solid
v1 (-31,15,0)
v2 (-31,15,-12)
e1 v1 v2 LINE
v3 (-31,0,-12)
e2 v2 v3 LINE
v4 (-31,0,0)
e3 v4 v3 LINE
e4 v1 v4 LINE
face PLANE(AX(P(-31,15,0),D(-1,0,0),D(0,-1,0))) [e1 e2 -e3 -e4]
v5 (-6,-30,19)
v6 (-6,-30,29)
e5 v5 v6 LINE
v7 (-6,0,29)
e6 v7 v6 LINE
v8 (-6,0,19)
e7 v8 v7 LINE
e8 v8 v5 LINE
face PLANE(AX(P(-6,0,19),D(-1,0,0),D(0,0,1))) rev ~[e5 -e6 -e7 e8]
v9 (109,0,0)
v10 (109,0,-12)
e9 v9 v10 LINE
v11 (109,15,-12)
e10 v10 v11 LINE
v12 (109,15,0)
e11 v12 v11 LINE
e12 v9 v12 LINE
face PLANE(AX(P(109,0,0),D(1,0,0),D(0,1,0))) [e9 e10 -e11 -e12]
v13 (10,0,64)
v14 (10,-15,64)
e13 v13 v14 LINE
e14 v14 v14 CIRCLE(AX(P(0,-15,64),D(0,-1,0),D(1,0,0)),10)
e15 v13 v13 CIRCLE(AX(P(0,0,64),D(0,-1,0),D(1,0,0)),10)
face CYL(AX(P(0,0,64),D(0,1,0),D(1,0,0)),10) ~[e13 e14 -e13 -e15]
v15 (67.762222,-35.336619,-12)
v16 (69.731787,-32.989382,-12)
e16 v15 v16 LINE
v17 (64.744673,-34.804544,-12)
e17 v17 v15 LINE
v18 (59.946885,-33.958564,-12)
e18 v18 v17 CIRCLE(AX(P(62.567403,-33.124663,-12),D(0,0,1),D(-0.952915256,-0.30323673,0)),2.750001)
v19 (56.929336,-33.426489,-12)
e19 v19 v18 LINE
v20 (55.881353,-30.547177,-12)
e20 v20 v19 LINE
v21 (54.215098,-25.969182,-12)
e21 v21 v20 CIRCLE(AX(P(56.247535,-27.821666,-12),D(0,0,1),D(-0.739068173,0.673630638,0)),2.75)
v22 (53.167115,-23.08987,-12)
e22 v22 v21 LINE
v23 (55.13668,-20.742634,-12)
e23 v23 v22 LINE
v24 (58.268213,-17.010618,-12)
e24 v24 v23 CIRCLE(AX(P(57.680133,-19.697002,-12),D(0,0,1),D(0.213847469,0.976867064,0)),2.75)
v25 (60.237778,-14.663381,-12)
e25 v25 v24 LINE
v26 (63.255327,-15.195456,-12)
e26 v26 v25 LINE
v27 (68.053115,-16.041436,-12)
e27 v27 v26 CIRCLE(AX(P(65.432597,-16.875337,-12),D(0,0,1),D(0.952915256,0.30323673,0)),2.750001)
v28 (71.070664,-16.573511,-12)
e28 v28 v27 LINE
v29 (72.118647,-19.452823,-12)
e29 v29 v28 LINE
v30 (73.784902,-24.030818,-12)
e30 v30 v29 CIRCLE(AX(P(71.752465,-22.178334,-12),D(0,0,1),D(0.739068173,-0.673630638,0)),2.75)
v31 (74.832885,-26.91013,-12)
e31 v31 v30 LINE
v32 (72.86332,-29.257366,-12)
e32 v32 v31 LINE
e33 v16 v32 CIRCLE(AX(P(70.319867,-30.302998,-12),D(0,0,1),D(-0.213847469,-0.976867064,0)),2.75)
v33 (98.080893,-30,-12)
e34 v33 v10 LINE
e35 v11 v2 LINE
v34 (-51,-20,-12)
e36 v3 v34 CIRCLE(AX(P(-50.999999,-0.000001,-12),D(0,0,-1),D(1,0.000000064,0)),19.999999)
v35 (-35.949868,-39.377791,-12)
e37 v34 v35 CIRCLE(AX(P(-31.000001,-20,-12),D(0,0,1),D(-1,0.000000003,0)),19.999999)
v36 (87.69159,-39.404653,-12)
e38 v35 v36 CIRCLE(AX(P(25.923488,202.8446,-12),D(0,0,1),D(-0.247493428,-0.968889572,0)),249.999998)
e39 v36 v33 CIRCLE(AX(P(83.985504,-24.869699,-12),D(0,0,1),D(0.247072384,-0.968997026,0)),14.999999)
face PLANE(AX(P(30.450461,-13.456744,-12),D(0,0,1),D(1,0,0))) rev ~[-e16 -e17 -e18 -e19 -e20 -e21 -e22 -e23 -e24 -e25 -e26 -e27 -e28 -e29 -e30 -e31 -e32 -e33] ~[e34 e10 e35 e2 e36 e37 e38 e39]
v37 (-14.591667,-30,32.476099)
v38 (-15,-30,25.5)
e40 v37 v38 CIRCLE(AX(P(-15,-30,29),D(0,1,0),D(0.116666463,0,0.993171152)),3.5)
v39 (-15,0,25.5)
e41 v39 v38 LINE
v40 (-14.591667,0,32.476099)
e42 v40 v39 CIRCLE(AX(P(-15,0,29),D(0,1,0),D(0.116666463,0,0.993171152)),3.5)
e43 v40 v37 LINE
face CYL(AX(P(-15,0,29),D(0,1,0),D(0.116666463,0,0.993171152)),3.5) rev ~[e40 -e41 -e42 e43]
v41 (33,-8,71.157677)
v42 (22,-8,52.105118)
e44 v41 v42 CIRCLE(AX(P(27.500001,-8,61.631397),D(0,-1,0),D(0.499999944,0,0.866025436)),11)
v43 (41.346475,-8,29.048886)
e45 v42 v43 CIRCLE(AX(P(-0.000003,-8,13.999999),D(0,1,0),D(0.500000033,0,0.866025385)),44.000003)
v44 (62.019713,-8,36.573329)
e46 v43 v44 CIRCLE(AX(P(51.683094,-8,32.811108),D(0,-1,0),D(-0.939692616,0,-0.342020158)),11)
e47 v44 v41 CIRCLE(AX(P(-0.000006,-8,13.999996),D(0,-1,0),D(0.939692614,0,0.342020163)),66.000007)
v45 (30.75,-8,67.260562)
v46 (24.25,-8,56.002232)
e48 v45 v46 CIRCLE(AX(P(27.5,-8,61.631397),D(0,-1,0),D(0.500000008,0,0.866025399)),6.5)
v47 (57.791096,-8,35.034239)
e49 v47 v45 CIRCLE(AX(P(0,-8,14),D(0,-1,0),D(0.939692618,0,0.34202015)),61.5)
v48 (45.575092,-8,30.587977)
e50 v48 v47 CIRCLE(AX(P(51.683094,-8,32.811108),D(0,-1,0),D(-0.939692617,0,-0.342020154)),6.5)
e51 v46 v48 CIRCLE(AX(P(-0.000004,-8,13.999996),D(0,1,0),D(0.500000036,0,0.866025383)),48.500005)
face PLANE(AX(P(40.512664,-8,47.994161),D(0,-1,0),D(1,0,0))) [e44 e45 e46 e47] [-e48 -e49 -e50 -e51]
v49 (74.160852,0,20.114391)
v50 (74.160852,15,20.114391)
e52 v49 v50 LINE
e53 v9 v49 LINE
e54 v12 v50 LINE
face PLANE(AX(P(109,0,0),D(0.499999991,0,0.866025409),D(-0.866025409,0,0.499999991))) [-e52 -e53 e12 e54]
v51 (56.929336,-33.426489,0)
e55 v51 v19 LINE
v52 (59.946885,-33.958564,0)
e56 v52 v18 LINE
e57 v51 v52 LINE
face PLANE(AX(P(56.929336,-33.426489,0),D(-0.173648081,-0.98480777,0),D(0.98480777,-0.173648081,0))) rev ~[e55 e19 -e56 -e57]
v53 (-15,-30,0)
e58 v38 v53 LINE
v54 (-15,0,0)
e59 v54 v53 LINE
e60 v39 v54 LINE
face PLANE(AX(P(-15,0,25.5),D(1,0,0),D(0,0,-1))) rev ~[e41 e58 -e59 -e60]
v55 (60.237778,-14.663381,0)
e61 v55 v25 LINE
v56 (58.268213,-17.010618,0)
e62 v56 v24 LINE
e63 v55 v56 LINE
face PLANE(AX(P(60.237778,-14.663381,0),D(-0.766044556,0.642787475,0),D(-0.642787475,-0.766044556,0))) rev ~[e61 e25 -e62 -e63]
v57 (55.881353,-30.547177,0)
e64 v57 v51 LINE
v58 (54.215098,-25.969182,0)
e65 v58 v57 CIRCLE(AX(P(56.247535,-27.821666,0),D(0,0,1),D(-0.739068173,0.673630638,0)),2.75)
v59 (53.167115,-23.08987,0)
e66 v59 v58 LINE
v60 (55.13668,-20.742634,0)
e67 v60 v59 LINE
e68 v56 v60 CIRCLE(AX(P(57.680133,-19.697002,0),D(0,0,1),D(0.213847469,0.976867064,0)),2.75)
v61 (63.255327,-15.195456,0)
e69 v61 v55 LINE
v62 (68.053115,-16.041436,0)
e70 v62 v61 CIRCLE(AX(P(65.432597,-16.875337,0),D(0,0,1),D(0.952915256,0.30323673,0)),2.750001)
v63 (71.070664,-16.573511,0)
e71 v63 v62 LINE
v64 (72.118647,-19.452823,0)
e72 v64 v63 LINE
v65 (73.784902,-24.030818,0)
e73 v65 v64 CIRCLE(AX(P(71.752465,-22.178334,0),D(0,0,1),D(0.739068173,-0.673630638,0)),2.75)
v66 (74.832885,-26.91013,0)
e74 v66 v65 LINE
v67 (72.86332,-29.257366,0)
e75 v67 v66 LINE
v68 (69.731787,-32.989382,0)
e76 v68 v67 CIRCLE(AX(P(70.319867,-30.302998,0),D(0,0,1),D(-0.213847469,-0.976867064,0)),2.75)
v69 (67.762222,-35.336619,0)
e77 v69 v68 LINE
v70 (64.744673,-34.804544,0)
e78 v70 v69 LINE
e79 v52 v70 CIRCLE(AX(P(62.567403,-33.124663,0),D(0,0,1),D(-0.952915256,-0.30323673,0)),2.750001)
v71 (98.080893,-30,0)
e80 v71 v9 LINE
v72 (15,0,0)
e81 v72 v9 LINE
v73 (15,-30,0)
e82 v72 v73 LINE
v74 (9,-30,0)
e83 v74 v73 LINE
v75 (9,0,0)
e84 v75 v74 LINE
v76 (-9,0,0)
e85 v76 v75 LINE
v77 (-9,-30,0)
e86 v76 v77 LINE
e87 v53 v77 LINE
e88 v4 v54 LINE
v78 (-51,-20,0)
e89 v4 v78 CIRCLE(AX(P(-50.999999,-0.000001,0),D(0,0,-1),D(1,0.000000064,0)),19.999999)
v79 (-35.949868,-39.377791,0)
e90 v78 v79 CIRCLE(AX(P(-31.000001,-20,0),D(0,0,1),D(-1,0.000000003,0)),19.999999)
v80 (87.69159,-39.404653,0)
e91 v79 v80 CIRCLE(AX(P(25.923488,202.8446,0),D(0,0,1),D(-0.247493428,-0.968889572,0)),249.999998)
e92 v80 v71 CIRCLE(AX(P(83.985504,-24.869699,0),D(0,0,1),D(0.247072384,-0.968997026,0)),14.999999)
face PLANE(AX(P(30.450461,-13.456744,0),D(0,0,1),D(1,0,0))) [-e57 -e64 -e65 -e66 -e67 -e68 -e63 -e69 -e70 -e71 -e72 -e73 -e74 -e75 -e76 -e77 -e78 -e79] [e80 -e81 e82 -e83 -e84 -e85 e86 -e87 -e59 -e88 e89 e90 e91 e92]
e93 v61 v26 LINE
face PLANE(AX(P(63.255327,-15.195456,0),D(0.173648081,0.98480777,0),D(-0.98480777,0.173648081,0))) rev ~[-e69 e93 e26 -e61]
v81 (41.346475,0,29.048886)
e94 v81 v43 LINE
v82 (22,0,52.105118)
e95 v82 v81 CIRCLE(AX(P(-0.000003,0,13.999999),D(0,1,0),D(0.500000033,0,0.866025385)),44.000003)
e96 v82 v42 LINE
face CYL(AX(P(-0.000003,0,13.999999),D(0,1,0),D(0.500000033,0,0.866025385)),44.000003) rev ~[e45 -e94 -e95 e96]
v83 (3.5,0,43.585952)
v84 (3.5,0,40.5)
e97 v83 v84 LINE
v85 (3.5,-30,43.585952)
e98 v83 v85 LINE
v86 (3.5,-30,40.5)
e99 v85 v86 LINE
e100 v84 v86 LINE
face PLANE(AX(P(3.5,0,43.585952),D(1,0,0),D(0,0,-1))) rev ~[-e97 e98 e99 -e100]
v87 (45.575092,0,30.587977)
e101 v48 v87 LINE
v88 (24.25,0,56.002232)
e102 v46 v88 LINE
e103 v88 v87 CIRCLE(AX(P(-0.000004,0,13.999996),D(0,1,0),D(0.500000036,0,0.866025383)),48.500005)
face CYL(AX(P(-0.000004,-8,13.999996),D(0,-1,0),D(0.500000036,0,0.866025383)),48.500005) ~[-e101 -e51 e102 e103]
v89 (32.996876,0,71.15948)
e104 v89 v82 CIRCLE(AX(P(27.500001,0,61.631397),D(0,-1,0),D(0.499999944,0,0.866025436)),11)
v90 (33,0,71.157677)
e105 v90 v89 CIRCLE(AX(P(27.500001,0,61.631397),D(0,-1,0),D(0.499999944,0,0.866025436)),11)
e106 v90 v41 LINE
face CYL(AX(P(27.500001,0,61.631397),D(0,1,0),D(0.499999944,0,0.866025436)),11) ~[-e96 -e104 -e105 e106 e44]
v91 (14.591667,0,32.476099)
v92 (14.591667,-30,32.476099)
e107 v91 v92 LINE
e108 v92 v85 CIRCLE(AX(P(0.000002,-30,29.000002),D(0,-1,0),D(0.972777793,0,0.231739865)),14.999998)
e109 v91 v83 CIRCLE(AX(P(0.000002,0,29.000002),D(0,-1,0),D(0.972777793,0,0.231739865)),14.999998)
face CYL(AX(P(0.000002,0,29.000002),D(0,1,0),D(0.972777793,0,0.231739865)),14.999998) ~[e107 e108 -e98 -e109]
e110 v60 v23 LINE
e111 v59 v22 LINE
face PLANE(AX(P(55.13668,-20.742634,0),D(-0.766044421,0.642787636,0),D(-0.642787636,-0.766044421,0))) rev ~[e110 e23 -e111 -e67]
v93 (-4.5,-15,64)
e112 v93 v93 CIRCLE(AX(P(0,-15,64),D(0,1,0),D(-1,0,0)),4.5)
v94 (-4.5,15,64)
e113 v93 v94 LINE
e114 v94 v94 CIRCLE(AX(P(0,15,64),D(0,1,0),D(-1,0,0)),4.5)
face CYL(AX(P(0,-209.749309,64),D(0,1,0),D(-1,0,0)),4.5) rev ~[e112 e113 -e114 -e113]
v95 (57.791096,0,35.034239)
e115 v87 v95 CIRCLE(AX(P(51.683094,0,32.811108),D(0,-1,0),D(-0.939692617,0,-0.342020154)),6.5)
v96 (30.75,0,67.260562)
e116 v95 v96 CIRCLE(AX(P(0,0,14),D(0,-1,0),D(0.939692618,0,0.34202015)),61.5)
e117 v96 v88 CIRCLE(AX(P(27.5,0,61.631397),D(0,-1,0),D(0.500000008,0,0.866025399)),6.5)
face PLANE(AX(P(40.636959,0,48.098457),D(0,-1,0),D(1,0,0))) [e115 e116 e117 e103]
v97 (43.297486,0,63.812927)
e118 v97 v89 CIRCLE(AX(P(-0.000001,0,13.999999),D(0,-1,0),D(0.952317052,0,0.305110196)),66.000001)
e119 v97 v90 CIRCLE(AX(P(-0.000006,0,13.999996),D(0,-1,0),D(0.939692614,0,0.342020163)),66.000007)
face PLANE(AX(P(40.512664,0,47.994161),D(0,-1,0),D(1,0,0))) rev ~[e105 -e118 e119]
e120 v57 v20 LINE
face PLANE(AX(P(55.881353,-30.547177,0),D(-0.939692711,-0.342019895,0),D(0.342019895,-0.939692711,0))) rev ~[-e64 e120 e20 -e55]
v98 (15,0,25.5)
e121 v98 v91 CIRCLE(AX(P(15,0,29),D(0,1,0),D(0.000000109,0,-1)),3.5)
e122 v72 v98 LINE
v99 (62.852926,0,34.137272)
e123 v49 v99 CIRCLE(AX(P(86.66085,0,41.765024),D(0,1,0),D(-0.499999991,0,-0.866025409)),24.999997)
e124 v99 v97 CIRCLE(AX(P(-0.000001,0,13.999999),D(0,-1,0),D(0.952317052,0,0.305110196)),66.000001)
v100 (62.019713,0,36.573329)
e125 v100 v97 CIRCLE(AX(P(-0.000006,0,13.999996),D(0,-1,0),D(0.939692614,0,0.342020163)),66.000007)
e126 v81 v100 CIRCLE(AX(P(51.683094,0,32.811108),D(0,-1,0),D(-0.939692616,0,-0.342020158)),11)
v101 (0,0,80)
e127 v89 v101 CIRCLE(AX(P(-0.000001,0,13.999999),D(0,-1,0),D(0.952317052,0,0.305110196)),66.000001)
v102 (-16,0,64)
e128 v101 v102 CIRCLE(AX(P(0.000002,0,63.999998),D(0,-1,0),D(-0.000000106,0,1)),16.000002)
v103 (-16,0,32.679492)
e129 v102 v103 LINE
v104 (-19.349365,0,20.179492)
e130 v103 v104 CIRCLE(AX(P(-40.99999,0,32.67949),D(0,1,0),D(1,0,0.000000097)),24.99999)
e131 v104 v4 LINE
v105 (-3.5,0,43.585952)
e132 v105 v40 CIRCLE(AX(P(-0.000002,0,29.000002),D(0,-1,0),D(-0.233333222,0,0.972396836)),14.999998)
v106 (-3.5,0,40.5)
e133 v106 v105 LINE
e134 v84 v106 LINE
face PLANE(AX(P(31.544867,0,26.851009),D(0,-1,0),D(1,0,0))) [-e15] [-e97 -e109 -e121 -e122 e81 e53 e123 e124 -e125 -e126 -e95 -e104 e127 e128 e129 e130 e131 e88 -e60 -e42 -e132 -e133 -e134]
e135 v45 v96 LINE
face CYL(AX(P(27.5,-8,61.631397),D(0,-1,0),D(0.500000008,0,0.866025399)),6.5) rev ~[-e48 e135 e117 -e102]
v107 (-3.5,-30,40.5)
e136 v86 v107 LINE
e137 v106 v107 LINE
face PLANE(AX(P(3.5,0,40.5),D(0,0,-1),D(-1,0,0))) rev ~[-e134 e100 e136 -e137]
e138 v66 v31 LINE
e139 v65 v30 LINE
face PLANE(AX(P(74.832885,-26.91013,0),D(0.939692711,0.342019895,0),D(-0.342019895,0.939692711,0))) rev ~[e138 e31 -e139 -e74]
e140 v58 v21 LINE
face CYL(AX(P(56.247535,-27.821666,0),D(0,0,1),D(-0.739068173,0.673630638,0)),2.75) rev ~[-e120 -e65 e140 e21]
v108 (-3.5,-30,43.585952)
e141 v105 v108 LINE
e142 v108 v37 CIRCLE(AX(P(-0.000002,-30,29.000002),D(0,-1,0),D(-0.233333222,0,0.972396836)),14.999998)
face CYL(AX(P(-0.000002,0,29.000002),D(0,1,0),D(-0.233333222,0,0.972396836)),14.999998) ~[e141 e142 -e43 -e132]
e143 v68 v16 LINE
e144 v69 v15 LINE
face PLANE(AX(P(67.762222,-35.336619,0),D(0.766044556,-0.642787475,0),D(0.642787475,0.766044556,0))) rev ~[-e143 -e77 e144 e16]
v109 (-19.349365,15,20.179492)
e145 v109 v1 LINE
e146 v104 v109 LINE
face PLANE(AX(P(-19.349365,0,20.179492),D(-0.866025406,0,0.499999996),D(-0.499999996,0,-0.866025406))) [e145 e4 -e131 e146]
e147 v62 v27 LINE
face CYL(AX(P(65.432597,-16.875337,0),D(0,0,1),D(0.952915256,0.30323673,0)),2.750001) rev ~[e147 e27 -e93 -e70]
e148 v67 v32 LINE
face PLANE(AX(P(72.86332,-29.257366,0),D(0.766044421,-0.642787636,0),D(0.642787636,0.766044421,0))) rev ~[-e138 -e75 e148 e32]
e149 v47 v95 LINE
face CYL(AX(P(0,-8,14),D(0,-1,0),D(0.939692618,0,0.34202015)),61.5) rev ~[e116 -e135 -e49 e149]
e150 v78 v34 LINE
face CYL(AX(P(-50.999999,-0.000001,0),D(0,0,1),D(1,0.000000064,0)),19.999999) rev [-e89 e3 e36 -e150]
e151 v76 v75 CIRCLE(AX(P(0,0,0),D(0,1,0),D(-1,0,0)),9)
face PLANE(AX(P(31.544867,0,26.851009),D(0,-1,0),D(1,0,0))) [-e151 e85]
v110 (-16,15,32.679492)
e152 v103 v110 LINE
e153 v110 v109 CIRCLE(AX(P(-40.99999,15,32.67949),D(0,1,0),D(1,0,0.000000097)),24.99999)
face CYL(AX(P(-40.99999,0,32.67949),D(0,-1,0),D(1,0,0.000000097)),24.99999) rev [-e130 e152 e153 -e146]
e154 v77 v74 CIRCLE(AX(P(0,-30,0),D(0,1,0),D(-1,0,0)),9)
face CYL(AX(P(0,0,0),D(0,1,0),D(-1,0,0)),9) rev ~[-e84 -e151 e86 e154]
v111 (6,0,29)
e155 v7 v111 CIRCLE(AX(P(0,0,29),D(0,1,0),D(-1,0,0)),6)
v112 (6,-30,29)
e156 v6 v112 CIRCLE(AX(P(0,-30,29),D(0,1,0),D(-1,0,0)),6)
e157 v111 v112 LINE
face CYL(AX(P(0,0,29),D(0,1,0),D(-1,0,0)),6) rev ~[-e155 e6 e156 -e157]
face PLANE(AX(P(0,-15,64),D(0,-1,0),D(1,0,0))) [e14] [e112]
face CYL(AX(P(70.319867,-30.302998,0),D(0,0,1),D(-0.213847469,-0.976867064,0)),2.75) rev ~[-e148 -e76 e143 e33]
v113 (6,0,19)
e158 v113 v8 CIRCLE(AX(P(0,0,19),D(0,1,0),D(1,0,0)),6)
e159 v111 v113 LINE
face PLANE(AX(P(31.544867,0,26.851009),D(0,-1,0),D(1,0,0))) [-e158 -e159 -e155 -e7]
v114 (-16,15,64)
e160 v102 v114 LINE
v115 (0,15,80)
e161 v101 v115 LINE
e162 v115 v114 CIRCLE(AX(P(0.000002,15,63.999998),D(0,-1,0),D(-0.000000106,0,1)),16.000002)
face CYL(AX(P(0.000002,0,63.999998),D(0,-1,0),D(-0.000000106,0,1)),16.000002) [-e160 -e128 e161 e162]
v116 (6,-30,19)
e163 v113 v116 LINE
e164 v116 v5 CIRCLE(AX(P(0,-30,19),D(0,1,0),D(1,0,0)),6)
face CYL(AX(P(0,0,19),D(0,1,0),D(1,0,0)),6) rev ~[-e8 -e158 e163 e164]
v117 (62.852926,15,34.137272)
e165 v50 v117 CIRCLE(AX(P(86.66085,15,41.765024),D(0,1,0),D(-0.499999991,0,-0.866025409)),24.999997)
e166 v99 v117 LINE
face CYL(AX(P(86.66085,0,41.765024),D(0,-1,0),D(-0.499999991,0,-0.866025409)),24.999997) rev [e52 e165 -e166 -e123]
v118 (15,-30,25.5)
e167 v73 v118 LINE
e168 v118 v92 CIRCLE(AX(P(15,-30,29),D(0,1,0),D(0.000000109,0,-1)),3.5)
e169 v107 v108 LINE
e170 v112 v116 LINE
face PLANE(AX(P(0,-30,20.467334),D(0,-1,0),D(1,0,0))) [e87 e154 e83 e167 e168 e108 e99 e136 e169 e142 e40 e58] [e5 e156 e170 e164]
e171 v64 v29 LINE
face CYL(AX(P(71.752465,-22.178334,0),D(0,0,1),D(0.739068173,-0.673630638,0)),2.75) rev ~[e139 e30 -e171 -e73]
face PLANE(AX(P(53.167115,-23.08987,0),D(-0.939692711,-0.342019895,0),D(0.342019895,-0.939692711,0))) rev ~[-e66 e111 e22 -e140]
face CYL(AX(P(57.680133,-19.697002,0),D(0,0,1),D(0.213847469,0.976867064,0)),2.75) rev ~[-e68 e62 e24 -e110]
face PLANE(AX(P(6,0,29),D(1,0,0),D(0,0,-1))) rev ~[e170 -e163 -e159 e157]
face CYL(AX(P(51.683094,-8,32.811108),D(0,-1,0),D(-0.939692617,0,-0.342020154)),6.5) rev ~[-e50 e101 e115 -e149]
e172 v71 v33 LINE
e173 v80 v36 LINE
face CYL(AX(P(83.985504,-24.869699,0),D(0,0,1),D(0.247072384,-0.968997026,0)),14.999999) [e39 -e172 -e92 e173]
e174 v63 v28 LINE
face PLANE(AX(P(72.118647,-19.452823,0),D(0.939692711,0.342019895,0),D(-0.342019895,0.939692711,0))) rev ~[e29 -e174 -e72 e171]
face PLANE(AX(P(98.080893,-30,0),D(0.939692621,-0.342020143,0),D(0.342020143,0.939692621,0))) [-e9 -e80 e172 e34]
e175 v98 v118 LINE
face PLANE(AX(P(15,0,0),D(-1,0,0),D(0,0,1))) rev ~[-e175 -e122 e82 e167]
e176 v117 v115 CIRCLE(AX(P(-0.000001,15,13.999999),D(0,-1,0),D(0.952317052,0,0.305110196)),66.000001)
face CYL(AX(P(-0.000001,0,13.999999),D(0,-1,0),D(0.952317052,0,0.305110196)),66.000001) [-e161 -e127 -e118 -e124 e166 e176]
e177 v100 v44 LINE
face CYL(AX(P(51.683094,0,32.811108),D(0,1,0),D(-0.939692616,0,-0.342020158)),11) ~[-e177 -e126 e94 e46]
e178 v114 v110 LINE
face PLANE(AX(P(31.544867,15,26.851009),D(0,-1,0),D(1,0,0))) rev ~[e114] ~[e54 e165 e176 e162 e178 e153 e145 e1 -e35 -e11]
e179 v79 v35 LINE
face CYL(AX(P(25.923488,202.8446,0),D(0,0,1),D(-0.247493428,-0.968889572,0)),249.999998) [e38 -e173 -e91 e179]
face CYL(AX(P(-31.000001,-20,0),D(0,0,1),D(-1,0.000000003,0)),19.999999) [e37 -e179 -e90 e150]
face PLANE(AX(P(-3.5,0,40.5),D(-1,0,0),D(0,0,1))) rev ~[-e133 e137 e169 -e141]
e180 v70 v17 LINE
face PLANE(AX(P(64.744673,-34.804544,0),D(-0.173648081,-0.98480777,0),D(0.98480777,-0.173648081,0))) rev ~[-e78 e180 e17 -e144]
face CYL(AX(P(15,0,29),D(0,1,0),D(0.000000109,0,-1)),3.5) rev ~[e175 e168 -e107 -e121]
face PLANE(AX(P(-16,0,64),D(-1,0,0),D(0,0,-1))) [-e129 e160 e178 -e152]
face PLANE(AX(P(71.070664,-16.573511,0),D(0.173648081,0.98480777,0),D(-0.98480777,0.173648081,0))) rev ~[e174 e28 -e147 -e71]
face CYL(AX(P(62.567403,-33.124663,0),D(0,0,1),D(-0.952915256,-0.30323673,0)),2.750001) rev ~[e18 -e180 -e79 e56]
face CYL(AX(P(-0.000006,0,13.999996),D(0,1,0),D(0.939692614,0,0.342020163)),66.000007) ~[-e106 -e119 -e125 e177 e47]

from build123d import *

# Parameters (mm, degrees)
F1_DEPTH  = 12
F3_DEPTH  = 15
F5_DEPTH  = 30
F7_DEPTH  = 8
F9_DEPTH  = 8
F10_R     = 10
F11_DEPTH = 15
F13_D     = 9
F15_DEPTH = 12.001


with BuildPart() as f1:
    # F0 (on Top) → F1 (new body)
    with BuildSketch(Plane.XY):
        with BuildLine():
            Line((109, 15), (-31, 15))
            Line((-31, 15), (-31, 0))
            ThreePointArc((-31, 0), (-36.857864, -14.142136), (-51, -20))
            ThreePointArc((-51, -20), (-46.795527, -32.267898), (-35.949868, -39.377791))
            ThreePointArc((-35.949868, -39.377791), (25.869174, -47.155392), (87.69159, -39.404653))
            ThreePointArc((87.69159, -39.404653), (94.052033, -35.990174), (98.080893, -30))
            Line((98.080893, -30), (109, 0))
            Line((109, 0), (109, 15))
        make_face()
    extrude(amount=-F1_DEPTH)

    # F2 (on Front) → F3 (join)
    with BuildSketch(Plane.XZ):
        with BuildLine():
            Line((-31, 0), (109, 0))
            Line((109, 0), (74.160852, 20.114391))
            ThreePointArc((74.160852, 20.114391), (67.199951, 26.071928), (62.852926, 34.137272))
            ThreePointArc((62.852926, 34.137272), (38.903342, 67.315382), (0, 80))
            ThreePointArc((0, 80), (-11.313708, 75.313708), (-16, 64))
            Line((-16, 64), (-16, 32.679492))
            ThreePointArc((-16, 32.679492), (-16.851854, 26.209016), (-19.349365, 20.179492))
            Line((-19.349365, 20.179492), (-31, 0))
        make_face()
    extrude(amount=-F3_DEPTH)

    # F4 (on face) → F5 (join)
    with BuildSketch(Plane.XZ):
        with BuildLine():
            Line((15, 0), (15, 25.5))
            ThreePointArc((15, 25.5), (11.50598, 28.795484), (14.591667, 32.476099))
            ThreePointArc((14.591667, 32.476099), (10.615287, 39.59791), (3.5, 43.585952))
            Line((3.5, 43.585952), (3.5, 40.5))
            Line((3.5, 40.5), (-3.5, 40.5))
            Line((-3.5, 40.5), (-3.5, 43.585952))
            ThreePointArc((-3.5, 43.585952), (-10.615287, 39.59791), (-14.591667, 32.476099))
            ThreePointArc((-14.591667, 32.476099), (-11.50598, 28.795484), (-15, 25.5))
            Line((-15, 25.5), (-15, 0))
            Line((-15, 0), (-9, 0))
            ThreePointArc((-9, 0), (0, 9), (9, 0))
            Line((9, 0), (15, 0))
        make_face()
        with BuildLine():
            ThreePointArc((-6, 29), (0, 35), (6, 29))
            Line((6, 29), (6, 19))
            ThreePointArc((6, 19), (0, 13), (-6, 19))
            Line((-6, 19), (-6, 29))
        make_face(mode=Mode.SUBTRACT)
    extrude(amount=F5_DEPTH)

    # F6 (on face) → F7 (join)
    with BuildSketch(Plane.XZ):
        with BuildLine():
            ThreePointArc((22, 52.105118), (33.705955, 42.282655), (41.346475, 29.048886))
            ThreePointArc((41.346475, 29.048886), (55.445316, 22.474489), (62.019713, 36.573329))
            ThreePointArc((62.019713, 36.573329), (50.558933, 56.423982), (33, 71.157677))
            ThreePointArc((33, 71.157677), (17.973721, 67.131397), (22, 52.105118))
        make_face()
    extrude(amount=F7_DEPTH)

    # F8 (on face) → F9 (cut)
    with BuildSketch(Plane.XZ.offset(8)):
        with BuildLine():
            ThreePointArc((57.791096, 35.034239), (47.111733, 53.531438), (30.75, 67.260562))
            ThreePointArc((30.75, 67.260562), (21.870835, 64.881397), (24.25, 56.002232))
            ThreePointArc((24.25, 56.002232), (37.153155, 45.175199), (45.575092, 30.587977))
            ThreePointArc((45.575092, 30.587977), (53.906225, 26.703106), (57.791096, 35.034239))
        make_face()
    extrude(amount=-F9_DEPTH, mode=Mode.SUBTRACT)

    # F10 (on face) → F11 (join)
    with BuildSketch(Plane.XZ):
        with Locations((0, 64)):
            Circle(F10_R)
    extrude(amount=F11_DEPTH)

    # F13 (through all)
    with Locations(Plane.XZ.offset(15)):
        with Locations((0, 64)):
            Hole(F13_D / 2)

    # F14 (on face) → F15 (cut, through all)
    with BuildSketch(Plane.XY):
        with BuildLine():
            Line((63.255327, -15.195456), (60.237778, -14.663381))
            Line((60.237778, -14.663381), (58.268213, -17.010618))
            ThreePointArc((58.268213, -17.010618), (55.573511, -17.929336), (55.13668, -20.742634))
            Line((55.13668, -20.742634), (53.167115, -23.08987))
            Line((53.167115, -23.08987), (54.215098, -25.969182))
            ThreePointArc((54.215098, -25.969182), (53.663381, -28.762222), (55.881353, -30.547177))
            Line((55.881353, -30.547177), (56.929336, -33.426489))
            Line((56.929336, -33.426489), (59.946885, -33.958564))
            ThreePointArc((59.946885, -33.958564), (62.08987, -35.832885), (64.744673, -34.804544))
            Line((64.744673, -34.804544), (67.762222, -35.336619))
            Line((67.762222, -35.336619), (69.731787, -32.989382))
            ThreePointArc((69.731787, -32.989382), (72.426489, -32.070664), (72.86332, -29.257366))
            Line((72.86332, -29.257366), (74.832885, -26.91013))
            Line((74.832885, -26.91013), (73.784902, -24.030818))
            ThreePointArc((73.784902, -24.030818), (74.336619, -21.237778), (72.118647, -19.452823))
            Line((72.118647, -19.452823), (71.070664, -16.573511))
            Line((71.070664, -16.573511), (68.053115, -16.041436))
            ThreePointArc((68.053115, -16.041436), (65.91013, -14.167115), (63.255327, -15.195456))
        make_face()
    extrude(amount=-F15_DEPTH, mode=Mode.SUBTRACT)


solid = f1.part
